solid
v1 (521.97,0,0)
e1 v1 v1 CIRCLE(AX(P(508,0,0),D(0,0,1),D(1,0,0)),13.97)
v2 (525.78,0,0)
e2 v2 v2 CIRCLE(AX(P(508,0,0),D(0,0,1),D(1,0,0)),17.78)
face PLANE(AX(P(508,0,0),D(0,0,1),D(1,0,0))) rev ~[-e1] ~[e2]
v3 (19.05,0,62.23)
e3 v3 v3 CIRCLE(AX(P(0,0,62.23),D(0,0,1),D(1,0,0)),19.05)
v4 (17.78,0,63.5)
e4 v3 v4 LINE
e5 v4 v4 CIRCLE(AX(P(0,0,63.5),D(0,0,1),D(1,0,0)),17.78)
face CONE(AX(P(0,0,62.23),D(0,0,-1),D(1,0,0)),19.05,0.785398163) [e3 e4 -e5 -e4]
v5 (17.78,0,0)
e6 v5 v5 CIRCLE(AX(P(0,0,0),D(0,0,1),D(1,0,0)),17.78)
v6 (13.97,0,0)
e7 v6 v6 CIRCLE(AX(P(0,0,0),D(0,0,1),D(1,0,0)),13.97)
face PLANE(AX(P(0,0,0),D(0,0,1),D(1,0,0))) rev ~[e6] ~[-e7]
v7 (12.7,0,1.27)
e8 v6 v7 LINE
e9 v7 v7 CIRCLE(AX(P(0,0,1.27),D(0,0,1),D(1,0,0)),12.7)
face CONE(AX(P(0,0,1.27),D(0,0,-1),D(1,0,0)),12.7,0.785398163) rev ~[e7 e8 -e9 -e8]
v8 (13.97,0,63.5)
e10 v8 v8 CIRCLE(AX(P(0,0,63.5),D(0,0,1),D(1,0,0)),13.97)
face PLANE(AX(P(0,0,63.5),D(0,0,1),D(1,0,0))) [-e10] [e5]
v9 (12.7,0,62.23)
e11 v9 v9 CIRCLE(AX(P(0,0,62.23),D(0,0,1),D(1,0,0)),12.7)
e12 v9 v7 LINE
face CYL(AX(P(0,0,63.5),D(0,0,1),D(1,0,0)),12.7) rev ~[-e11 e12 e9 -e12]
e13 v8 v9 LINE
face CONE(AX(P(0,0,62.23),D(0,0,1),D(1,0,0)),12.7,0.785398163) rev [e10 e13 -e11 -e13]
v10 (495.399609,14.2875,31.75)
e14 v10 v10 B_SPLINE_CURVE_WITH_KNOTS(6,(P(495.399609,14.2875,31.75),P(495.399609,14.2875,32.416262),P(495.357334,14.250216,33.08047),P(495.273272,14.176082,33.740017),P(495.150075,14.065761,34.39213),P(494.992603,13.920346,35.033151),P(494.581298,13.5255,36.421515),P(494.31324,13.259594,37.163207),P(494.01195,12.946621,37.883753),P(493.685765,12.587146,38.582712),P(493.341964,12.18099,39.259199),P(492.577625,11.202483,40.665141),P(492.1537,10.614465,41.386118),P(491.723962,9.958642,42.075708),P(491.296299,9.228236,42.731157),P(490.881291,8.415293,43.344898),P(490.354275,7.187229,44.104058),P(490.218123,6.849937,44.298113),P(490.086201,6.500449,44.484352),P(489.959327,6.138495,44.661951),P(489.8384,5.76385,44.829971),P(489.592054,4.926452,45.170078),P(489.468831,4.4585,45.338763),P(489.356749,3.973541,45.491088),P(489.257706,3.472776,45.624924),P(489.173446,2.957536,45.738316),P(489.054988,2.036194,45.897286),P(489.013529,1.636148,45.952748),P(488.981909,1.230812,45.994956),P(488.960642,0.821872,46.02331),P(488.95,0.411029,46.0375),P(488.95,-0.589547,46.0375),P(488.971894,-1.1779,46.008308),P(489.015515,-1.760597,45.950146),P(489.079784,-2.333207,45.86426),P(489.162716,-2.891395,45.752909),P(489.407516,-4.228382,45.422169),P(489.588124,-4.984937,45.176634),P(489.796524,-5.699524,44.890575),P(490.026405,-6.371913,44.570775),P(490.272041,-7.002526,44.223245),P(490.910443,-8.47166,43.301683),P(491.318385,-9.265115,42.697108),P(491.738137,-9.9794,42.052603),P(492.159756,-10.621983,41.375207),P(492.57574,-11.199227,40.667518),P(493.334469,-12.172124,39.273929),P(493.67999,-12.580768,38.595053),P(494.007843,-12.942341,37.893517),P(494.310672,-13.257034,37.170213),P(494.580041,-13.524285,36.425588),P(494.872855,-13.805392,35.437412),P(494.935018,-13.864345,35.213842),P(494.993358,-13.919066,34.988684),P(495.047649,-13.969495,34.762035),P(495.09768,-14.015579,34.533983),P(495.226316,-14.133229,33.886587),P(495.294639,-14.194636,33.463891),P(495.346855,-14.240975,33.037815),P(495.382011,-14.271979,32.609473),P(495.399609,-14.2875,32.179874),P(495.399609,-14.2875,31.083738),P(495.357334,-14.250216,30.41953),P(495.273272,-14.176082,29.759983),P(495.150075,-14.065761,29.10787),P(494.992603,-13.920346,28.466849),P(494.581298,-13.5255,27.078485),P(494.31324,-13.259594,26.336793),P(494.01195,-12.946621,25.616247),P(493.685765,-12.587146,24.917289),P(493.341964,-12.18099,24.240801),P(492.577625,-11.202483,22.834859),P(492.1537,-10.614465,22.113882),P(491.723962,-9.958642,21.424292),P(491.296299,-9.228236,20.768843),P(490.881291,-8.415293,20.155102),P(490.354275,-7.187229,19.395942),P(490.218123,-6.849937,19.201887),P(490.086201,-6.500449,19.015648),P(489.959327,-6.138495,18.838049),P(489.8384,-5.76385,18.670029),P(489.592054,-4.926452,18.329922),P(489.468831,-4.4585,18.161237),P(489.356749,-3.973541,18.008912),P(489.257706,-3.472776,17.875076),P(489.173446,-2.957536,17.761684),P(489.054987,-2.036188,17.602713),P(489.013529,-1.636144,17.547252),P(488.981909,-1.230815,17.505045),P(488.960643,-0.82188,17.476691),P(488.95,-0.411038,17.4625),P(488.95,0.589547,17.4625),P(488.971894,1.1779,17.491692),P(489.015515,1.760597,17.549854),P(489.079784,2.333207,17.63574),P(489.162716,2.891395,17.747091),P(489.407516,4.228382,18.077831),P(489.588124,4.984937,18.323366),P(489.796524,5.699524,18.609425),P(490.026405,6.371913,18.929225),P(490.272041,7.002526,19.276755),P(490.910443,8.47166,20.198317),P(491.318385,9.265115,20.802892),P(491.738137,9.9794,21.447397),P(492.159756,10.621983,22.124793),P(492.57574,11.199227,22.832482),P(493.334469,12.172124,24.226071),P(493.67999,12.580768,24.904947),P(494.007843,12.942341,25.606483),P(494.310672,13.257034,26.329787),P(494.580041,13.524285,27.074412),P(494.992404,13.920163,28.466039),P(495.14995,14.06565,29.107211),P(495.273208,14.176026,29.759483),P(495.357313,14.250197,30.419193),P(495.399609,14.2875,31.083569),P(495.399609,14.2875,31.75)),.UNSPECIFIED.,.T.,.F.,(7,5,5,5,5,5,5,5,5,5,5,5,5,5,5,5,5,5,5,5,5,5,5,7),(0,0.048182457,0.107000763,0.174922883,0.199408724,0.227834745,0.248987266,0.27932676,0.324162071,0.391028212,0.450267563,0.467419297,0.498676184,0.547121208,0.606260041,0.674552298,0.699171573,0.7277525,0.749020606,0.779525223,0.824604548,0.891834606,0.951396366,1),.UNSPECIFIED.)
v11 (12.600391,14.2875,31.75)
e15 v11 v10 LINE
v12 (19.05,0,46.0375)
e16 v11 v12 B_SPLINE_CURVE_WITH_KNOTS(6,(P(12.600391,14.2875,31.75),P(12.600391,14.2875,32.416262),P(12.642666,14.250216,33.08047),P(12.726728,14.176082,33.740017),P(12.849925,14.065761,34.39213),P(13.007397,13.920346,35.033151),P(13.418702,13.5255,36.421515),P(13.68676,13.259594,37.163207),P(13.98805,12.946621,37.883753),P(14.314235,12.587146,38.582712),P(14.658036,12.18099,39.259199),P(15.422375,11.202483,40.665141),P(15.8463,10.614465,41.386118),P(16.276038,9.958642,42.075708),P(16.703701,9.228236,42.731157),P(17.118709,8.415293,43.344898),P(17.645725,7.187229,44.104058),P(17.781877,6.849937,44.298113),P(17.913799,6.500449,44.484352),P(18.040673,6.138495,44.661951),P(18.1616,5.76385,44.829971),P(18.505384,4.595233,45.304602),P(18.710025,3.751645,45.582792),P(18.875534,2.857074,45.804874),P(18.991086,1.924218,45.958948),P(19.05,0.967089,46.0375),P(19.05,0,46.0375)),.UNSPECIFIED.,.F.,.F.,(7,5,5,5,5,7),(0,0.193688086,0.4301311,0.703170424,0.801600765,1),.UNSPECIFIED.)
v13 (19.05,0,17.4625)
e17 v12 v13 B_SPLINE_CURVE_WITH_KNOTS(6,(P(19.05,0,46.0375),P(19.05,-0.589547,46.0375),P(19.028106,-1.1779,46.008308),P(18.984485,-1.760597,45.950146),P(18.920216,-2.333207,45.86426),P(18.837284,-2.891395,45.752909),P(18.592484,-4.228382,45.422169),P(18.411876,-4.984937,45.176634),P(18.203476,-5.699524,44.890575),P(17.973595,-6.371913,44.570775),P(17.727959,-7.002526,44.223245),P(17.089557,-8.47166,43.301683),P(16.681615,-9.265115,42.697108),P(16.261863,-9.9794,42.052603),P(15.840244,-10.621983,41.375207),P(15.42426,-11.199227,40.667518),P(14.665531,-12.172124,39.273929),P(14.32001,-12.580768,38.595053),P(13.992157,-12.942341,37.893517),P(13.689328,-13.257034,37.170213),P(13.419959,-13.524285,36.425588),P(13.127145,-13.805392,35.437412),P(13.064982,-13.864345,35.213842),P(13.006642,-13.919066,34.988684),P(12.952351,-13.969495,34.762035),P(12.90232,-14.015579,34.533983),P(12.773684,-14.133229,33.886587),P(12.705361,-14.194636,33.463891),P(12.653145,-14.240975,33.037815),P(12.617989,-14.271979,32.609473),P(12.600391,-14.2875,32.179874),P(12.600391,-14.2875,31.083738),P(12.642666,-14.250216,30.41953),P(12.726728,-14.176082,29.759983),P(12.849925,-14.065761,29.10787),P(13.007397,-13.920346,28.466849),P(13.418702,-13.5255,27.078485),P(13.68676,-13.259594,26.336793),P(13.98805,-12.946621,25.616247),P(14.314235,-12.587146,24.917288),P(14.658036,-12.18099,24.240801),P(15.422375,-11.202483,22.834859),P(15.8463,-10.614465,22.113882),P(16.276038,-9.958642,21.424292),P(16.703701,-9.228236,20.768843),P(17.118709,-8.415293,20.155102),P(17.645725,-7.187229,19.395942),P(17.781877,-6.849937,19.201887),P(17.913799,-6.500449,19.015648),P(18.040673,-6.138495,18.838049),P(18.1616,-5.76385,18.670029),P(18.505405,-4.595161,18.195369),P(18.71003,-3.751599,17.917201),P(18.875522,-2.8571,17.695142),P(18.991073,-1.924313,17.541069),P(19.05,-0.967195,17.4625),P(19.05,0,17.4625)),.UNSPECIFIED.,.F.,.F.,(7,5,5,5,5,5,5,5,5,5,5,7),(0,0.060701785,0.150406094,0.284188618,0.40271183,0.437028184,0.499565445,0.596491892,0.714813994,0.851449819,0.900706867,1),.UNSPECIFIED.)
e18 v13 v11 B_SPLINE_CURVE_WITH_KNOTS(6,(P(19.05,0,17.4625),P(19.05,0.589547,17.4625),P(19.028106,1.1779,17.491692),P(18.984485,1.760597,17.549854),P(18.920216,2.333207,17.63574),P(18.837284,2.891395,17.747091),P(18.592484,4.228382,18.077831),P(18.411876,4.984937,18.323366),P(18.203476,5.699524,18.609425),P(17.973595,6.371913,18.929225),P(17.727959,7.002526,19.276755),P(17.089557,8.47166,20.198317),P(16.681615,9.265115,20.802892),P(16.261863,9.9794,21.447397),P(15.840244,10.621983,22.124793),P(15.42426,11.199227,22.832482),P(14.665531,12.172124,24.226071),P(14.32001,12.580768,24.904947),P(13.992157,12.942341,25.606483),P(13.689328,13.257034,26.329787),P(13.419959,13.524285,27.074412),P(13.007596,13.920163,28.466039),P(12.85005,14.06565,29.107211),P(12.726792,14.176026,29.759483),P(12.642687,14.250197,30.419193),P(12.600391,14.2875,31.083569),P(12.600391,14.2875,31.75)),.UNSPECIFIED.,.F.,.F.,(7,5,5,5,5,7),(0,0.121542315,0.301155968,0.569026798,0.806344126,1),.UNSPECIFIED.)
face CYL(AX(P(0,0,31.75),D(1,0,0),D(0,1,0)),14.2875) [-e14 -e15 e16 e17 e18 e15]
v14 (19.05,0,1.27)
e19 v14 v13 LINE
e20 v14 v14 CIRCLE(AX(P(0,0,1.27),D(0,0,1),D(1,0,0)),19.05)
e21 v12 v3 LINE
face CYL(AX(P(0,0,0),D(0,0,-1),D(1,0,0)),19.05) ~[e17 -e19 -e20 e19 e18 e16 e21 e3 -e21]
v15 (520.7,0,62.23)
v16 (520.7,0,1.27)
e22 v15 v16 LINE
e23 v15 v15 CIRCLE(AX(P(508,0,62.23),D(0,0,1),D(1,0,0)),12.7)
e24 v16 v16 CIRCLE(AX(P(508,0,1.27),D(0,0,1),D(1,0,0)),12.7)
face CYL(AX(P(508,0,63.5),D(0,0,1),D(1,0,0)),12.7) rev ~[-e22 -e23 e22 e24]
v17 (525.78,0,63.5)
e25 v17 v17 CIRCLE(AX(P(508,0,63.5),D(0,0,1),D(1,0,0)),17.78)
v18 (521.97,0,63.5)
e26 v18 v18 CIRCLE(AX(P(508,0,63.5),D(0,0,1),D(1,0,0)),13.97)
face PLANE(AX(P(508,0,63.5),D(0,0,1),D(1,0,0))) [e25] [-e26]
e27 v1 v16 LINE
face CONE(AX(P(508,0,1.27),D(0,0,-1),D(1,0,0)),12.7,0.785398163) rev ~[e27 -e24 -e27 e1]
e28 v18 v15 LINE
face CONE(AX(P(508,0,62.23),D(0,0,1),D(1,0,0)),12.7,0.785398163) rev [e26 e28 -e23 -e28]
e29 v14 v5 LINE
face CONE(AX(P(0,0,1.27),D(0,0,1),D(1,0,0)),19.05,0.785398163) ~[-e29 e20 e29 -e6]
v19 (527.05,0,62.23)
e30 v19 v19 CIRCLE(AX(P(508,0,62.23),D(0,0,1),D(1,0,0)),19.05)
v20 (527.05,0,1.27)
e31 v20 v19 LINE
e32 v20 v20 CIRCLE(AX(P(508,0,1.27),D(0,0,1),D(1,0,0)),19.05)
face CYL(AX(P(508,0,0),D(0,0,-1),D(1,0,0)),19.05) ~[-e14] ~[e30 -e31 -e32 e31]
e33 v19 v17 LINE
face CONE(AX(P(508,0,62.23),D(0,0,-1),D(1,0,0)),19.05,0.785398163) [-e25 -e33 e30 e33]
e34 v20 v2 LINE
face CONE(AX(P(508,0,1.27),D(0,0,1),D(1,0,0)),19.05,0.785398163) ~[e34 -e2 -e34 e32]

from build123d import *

# Parameters (mm, degrees)
F0_R     = 19.05
F1_DEPTH = 63.5
F3_R     = 14.2875
F5_R     = 12.7
F6_DEPTH = 63.5
F7_SIZE  = 1.27


with BuildPart() as f1:
    # F0 (on Top) → F1 (new body)
    with BuildSketch(Plane.XY):
        Circle(F0_R)
        with Locations((508, 0)):
            Circle(F0_R)
    extrude(amount=F1_DEPTH)

    # F4: sweep along a path in F2
    with BuildLine(Plane.XZ) as f4_path:
        Line((0, 31.75), (508, 31.75))
    # F3 (on Right) → F4 (sweep)
    with BuildSketch(Plane.YZ):
        with Locations((0, 31.75)):
            Circle(F3_R)
    sweep(path=f4_path.line)

    # F5 (on face) → F6 (cut)
    with BuildSketch(Plane.XY.offset(63.5)):
        Circle(F5_R)
        with Locations((508, 0)):
            Circle(F5_R)
    extrude(amount=-F6_DEPTH, mode=Mode.SUBTRACT)

    # F7
    f7_edges = [f1.edges().sort_by_distance(p)[0] for p in [
        (-19.05, 0, 63.5),
        (-12.7, 0, 63.5),
        (-19.05, 0, 0),
        (-12.7, 0, 0),
        (488.95, 0, 0),
        (495.3, 0, 0),
        (495.3, 0, 63.5),
        (488.95, 0, 63.5),
    ]]
    chamfer(f7_edges, length=F7_SIZE)


solid = f1.part
